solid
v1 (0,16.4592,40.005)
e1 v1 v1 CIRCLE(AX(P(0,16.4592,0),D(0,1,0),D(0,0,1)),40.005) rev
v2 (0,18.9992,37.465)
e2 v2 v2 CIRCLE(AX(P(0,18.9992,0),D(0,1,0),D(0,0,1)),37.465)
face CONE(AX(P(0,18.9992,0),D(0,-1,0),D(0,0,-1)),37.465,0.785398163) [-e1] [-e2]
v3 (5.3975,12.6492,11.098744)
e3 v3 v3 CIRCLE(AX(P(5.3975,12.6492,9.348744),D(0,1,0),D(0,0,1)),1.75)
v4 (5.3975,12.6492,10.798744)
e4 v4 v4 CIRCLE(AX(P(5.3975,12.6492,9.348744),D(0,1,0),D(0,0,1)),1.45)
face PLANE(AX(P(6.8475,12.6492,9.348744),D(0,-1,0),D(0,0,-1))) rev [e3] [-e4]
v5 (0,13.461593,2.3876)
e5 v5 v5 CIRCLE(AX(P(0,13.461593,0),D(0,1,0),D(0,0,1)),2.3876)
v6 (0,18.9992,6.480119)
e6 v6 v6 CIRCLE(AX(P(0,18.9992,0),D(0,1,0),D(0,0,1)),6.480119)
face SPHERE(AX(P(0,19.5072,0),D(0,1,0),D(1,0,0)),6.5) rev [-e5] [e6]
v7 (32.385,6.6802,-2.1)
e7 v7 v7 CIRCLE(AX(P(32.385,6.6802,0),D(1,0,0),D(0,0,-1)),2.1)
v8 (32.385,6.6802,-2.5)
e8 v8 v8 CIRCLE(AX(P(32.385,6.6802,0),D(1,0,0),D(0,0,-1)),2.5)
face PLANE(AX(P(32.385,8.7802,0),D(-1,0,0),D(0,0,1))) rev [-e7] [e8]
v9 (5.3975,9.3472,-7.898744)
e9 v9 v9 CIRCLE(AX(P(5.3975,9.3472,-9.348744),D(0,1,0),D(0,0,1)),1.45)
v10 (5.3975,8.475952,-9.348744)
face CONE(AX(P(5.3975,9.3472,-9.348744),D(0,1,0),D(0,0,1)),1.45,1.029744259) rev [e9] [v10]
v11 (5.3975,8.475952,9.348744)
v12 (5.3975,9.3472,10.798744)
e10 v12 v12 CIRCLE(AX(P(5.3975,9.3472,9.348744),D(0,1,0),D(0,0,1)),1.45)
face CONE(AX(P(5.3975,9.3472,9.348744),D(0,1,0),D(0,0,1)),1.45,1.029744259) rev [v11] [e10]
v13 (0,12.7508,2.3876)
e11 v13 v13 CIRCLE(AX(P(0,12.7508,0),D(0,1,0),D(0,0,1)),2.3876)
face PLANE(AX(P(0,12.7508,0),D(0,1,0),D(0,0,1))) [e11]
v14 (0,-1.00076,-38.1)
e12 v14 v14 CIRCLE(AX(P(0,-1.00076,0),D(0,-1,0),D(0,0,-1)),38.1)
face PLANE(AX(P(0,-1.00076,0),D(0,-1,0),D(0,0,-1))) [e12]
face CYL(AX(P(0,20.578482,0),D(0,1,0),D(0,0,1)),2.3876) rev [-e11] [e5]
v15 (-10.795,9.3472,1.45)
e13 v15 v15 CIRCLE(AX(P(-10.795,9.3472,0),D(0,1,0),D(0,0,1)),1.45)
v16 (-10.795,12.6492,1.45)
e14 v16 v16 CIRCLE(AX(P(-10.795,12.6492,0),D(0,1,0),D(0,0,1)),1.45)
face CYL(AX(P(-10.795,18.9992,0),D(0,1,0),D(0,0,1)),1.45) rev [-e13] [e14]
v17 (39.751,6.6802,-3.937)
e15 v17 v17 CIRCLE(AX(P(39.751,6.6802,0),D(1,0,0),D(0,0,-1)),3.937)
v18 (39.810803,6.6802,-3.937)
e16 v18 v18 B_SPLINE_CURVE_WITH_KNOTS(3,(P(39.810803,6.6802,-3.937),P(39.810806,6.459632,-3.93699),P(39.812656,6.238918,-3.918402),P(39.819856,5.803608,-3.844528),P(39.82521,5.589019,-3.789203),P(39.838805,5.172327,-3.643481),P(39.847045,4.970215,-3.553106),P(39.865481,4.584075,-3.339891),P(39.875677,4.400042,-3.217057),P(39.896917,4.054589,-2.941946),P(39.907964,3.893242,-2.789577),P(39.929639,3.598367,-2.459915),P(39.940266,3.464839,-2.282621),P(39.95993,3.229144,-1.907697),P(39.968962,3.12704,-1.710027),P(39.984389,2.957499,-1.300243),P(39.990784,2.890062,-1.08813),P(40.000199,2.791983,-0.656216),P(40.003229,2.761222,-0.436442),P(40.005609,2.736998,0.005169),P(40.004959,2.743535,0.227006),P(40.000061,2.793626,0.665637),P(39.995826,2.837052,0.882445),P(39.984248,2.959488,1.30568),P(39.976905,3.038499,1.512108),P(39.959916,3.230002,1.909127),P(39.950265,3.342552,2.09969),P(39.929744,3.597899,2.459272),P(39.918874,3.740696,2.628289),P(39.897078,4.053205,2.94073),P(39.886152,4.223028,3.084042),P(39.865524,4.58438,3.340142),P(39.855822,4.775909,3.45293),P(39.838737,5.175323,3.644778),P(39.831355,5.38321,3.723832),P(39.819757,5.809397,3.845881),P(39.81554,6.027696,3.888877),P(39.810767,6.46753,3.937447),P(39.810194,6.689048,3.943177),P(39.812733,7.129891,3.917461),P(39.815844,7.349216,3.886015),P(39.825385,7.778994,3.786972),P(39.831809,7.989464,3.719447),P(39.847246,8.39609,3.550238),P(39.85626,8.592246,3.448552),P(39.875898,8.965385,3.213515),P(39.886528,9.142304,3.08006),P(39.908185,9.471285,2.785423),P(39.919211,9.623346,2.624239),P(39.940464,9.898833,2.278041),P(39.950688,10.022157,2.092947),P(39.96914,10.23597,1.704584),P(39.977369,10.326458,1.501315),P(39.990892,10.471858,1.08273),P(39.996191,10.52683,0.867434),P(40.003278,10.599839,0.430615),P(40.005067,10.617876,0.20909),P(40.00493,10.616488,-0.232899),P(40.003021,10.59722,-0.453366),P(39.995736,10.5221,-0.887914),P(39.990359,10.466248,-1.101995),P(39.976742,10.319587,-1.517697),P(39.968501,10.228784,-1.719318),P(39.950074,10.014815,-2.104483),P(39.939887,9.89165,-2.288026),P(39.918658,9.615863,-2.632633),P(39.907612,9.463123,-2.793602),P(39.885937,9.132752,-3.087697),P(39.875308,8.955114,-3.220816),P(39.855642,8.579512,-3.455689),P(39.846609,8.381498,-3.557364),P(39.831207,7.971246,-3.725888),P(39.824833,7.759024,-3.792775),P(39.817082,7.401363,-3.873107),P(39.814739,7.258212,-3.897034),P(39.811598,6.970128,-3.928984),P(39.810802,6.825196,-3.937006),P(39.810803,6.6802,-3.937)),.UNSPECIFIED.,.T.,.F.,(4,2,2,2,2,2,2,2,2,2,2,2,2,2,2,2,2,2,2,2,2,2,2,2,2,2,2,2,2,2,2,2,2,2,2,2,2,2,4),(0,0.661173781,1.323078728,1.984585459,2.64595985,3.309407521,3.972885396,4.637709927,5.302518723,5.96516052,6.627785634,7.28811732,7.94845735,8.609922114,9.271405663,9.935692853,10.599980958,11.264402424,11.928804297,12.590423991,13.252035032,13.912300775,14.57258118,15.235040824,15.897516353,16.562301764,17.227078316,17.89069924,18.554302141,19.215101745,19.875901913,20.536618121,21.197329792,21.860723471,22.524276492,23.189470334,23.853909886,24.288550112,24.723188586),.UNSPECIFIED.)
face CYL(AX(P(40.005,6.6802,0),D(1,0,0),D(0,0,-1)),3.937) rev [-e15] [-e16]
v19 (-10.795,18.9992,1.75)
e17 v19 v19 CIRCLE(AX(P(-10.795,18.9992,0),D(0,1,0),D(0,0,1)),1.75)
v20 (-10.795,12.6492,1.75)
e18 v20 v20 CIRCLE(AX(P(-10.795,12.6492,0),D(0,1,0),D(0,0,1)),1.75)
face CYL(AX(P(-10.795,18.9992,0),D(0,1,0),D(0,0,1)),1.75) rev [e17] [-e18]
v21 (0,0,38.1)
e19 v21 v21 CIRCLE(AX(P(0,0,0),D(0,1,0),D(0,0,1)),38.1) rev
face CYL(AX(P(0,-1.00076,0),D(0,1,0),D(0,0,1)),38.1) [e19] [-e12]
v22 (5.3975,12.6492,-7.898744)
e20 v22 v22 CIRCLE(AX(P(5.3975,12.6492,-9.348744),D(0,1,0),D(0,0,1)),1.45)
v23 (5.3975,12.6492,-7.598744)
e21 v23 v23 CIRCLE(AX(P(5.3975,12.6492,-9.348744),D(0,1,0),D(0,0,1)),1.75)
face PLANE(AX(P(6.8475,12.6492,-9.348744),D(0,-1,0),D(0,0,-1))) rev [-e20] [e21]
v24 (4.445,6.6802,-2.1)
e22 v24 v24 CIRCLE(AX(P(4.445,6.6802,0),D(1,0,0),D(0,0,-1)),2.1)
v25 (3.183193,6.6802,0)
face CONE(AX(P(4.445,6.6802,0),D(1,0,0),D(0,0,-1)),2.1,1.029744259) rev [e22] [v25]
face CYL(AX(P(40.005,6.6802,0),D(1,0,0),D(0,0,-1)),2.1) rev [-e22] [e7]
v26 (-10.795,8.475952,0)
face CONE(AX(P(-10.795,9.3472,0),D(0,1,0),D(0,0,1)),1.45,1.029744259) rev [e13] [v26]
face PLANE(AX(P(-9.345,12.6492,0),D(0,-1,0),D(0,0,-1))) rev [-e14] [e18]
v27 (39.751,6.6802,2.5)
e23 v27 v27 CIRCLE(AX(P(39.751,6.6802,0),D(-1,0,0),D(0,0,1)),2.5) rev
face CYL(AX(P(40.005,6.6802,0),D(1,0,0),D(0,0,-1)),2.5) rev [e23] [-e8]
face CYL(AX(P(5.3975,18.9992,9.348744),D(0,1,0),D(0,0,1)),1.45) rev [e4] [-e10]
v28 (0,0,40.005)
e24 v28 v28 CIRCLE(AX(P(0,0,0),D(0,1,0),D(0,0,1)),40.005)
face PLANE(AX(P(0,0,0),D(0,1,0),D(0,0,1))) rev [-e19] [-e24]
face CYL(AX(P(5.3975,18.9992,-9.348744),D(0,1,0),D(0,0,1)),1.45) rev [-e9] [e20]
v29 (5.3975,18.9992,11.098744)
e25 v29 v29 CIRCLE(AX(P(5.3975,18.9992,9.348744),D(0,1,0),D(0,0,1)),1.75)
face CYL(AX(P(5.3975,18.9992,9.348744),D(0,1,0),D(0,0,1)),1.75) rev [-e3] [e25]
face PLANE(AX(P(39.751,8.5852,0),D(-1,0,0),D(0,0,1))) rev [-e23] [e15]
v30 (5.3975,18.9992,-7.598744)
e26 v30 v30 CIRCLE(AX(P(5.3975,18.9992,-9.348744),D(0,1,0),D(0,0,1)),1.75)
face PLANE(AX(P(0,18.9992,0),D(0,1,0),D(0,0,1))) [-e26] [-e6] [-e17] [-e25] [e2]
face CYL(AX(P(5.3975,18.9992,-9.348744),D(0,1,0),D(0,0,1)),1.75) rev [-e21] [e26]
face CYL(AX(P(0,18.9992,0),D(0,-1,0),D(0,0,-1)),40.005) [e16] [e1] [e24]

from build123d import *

# Parameters (mm, degrees)
SKETCH1_R                       = 40.005
EXTRUDE1_DEPTH                  = 18.9992
M5X0_8_TAPPED_HOLE1_D           = 4.2
M5X0_8_TAPPED_HOLE1_DEPTH       = 35.56
M5X0_8_TAPPED_HOLE1_CBORE_D     = 5
M5X0_8_TAPPED_HOLE1_CBORE_DEPTH = 7.62
M5X0_8_TAPPED_HOLE1_TIP         = 1.2618073
HOLE3_D                         = 3.81
HOLE3_DEPTH                     = 6.35
HOLE3_CBORE_D                   = 7.874
HOLE3_CBORE_DEPTH               = 0.254
HOLE3_TIP                       = 1.144639479
CHAMFER1_SIZE                   = 2.54
CIRPATTERN1_COUNT               = 3
SKETCH2_R                       = 38.1
EXTRUDE2_DEPTH                  = 1.00075996


with BuildPart() as part:
    # Sketch1 → Extrude1 (new body)
    with BuildSketch(Plane(origin=(0, 0, 0), x_dir=(1, 0, 0), z_dir=(0, 1, 0))):
        with Locations(Location((0, 0, 0), (0, 0, 270))):  # turned: the seam where the file's is
            Circle(SKETCH1_R)
    extrude(amount=EXTRUDE1_DEPTH)

    # M5x0.8 Tapped Hole1
    with Locations(Plane(origin=(40.005, 6.6802, 0), x_dir=(0, 0, 1), z_dir=(1, 0, 0))):
        with Locations((0, 0)):
            CounterBoreHole(M5X0_8_TAPPED_HOLE1_D / 2, M5X0_8_TAPPED_HOLE1_CBORE_D / 2, M5X0_8_TAPPED_HOLE1_CBORE_DEPTH, depth=M5X0_8_TAPPED_HOLE1_DEPTH)
            with Locations((0, 0, -(M5X0_8_TAPPED_HOLE1_DEPTH + M5X0_8_TAPPED_HOLE1_TIP / 2))):  # 118° drill point
                Cone(0, M5X0_8_TAPPED_HOLE1_D / 2, M5X0_8_TAPPED_HOLE1_TIP, mode=Mode.SUBTRACT)

    # Hole3
    with Locations(Plane(origin=(40.005, 6.6802, 0), x_dir=(0, 0, 1), z_dir=(1, 0, 0))):
        with Locations((0, 0)):
            CounterBoreHole(HOLE3_D / 2, HOLE3_CBORE_D / 2, HOLE3_CBORE_DEPTH, depth=HOLE3_DEPTH)
            with Locations((0, 0, -(HOLE3_DEPTH + HOLE3_TIP / 2))):  # 118° drill point
                Cone(0, HOLE3_D / 2, HOLE3_TIP, mode=Mode.SUBTRACT)

    # Chamfer1
    chamfer1_edges = [part.edges().sort_by_distance(p)[0] for p in [
        (0, 18.9992, -40.005),
    ]]
    chamfer(chamfer1_edges, length=CHAMFER1_SIZE)

    # Sketch9 → M3.5x0.6 Tapped Hole1 (revolve, cut)
    with BuildSketch(Plane(origin=(-10.795, 18.9992, 0), x_dir=(0, 0, 1), z_dir=(1, 0, 0))):
        Polygon((0, 0), (0, 10.523247898), (1.45, 9.652), (1.45, 6.35), (1.75, 6.35), (1.75, 0), align=None)
    m3_5x0_6_tapped_hole1 = revolve(axis=Axis((-10.795, 25.3492, 0), (0, -1, 0)), mode=Mode.SUBTRACT)

    # CirPattern1: M3.5x0.6 Tapped Hole1 ×3 about axis
    cirpattern1_axis = Axis((0, 0, 0), (0, 1, 0))
    for i in range(1, CIRPATTERN1_COUNT):
        add(m3_5x0_6_tapped_hole1.rotate(cirpattern1_axis, i * 360 / CIRPATTERN1_COUNT), mode=Mode.SUBTRACT)

    # Sketch2 → Extrude2 (add)
    with BuildSketch(Plane.XZ):
        with Locations(Location((0, 0, 0), (0, 0, 90))):  # turned: the seam where the file's is
            Circle(SKETCH2_R)
    extrude(amount=EXTRUDE2_DEPTH)

    # Sketch11 → Cut-Revolve1 (revolve, cut)
    with BuildSketch(Plane.XY, mode=Mode.PRIVATE) as cut_revolve1_sk:
        with BuildLine():
            Line((0, 18.9992), (0, 12.7508))
            Line((0, 12.7508), (2.3876, 12.7508))
            Line((2.3876, 12.7508), (2.3876, 13.461592815))
            ThreePointArc((2.3876, 13.461592815), (5.227368483, 15.64396059), (6.480118517, 18.9992))
            Line((6.480118517, 18.9992), (0, 18.9992))
        make_face()
    revolve(cut_revolve1_sk.sketch.rotate(Axis((0, 20.578481537, 0), (0, -1, 0)), 90), axis=Axis((0, 20.578481537, 0), (0, -1, 0)), mode=Mode.SUBTRACT)  # turned: the seam where the file's is


solid = part.part
